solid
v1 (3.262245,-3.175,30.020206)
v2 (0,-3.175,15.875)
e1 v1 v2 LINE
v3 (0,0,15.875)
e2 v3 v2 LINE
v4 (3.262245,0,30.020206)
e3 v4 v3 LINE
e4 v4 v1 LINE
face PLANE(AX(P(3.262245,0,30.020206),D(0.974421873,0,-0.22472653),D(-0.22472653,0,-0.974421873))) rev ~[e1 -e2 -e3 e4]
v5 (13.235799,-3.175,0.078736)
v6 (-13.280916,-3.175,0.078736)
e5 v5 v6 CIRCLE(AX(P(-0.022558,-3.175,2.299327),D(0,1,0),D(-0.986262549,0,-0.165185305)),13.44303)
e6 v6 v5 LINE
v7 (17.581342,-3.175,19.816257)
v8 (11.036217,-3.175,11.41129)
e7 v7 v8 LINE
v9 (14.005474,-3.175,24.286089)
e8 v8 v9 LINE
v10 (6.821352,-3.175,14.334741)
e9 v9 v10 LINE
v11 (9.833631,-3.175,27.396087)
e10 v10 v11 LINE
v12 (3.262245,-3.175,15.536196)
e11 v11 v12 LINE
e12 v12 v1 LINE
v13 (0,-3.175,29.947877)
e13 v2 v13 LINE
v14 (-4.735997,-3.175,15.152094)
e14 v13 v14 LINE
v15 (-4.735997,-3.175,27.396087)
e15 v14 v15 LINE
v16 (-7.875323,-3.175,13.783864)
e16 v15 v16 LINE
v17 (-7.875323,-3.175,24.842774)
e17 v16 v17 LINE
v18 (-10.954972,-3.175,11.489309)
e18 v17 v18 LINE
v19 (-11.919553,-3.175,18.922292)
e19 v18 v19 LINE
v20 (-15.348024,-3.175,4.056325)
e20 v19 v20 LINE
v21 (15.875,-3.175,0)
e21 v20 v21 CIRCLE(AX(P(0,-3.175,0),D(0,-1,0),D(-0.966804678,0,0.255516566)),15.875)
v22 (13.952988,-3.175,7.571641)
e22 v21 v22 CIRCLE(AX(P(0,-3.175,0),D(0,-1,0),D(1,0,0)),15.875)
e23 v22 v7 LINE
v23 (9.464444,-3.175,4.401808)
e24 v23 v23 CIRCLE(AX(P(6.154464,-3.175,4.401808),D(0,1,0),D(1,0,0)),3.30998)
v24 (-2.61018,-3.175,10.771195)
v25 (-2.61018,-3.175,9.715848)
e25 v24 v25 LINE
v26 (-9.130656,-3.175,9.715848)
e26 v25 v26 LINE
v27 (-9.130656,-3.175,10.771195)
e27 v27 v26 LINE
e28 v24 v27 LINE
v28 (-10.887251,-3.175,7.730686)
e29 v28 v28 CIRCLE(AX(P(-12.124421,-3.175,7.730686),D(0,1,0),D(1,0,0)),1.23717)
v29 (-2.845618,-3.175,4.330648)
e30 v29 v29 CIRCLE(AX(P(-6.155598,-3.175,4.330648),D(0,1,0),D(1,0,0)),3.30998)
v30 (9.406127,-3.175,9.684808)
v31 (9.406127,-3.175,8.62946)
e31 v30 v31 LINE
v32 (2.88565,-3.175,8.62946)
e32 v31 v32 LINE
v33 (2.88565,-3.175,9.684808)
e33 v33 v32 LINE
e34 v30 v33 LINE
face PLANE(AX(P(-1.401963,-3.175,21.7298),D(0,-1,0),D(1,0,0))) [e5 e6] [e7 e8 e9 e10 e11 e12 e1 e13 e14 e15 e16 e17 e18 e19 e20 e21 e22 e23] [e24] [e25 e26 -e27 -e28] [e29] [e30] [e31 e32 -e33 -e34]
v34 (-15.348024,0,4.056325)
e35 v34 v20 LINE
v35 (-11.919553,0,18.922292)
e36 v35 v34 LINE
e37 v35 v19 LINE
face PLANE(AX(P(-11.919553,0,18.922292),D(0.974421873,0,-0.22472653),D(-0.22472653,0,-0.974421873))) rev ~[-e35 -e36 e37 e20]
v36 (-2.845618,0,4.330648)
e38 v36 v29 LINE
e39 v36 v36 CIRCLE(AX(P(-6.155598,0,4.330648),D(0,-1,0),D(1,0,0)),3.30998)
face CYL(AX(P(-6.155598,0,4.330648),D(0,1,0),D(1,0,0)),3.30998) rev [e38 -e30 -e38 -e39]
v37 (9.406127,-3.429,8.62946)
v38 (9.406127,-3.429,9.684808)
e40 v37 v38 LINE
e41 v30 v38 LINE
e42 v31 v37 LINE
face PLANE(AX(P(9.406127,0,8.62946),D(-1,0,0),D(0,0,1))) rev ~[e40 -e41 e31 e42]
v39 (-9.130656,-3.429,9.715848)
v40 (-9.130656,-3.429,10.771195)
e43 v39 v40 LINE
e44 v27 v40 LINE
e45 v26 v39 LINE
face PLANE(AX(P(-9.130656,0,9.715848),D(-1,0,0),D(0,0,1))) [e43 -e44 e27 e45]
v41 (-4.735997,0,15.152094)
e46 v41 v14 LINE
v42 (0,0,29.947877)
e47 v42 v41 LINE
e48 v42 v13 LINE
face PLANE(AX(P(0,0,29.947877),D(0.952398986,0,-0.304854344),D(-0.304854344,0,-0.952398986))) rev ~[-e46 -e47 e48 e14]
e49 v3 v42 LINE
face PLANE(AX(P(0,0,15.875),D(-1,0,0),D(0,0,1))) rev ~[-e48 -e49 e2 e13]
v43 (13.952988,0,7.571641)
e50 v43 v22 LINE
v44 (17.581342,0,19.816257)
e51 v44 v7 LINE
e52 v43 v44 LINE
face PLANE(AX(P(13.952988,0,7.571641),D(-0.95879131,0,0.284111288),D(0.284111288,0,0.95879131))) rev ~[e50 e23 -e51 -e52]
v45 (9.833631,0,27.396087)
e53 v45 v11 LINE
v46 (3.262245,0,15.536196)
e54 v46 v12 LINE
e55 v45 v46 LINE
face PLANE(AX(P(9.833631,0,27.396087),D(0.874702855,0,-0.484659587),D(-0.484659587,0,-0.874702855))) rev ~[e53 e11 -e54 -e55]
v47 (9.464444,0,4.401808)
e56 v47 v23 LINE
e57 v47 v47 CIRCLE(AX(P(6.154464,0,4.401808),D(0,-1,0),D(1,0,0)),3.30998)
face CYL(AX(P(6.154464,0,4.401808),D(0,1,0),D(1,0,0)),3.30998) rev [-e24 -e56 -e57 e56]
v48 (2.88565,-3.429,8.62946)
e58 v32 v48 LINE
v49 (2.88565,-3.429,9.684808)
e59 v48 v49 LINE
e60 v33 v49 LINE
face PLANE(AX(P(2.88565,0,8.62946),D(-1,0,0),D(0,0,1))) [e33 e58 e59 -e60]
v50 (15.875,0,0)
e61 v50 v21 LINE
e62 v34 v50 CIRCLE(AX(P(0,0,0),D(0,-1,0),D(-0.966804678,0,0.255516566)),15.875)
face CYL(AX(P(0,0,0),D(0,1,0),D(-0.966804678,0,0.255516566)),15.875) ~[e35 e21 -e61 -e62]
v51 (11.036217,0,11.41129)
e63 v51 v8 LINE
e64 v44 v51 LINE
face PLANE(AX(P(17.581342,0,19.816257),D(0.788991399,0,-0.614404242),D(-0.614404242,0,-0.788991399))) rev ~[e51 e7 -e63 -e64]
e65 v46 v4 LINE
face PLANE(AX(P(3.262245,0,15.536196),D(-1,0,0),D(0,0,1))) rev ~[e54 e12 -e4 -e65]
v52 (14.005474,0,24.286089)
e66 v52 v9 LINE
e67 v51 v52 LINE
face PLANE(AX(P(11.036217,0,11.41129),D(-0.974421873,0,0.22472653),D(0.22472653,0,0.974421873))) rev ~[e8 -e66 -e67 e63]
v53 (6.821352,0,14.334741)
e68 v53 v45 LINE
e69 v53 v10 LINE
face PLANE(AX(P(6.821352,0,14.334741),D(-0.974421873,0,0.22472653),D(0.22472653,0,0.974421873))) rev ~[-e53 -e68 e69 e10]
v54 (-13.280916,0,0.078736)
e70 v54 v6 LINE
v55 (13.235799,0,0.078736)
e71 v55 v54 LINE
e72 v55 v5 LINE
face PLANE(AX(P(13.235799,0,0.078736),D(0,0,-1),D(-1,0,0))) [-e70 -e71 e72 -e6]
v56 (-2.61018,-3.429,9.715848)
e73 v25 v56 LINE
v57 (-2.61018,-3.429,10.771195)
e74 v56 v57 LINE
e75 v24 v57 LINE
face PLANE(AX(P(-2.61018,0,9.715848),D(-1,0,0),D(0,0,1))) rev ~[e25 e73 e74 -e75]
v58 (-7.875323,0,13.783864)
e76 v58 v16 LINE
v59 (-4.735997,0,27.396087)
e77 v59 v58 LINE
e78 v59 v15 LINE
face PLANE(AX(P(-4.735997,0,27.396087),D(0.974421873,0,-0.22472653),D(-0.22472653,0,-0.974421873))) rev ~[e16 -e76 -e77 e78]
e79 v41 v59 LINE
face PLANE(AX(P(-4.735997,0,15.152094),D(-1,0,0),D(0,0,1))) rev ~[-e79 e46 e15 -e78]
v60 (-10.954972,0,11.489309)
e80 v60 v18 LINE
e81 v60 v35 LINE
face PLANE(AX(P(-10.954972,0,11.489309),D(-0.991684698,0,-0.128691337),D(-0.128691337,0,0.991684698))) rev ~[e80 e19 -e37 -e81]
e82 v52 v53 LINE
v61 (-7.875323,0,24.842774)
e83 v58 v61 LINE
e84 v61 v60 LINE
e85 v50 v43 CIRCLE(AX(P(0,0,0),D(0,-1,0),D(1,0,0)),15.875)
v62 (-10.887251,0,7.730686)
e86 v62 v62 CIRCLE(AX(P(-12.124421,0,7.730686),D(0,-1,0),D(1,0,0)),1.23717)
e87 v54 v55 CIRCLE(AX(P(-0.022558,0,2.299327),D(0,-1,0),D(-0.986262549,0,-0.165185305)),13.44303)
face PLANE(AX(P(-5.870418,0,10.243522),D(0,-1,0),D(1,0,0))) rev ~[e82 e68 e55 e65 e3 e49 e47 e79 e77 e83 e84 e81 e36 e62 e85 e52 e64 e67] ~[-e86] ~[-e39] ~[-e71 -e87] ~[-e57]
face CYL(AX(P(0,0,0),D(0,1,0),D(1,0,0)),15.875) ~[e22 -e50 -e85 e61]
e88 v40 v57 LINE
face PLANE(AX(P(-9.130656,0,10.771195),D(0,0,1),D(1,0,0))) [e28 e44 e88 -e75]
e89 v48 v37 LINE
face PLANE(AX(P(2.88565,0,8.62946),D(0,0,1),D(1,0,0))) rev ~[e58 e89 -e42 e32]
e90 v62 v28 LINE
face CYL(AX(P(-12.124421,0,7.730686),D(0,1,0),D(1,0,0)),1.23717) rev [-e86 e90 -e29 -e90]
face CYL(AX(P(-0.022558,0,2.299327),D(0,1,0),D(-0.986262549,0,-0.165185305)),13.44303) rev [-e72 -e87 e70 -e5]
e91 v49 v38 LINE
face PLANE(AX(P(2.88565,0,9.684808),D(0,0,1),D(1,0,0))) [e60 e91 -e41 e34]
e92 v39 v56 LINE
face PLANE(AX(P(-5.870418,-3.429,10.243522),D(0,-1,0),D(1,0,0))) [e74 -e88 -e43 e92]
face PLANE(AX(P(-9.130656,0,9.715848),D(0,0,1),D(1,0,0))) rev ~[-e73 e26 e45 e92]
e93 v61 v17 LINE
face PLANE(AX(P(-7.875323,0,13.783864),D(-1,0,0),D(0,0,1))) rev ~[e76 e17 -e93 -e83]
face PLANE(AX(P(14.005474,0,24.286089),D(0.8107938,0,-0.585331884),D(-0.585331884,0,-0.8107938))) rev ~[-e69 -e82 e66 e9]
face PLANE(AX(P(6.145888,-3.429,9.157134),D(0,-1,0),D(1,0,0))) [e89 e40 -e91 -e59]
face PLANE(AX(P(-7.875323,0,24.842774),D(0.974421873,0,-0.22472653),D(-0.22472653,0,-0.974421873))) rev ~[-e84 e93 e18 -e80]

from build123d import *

# Parameters (mm, degrees)
F2_DEPTH   = 3.175
F1_R       = 3.3099800026
F2_FACE_R  = 15.875
F3_DEPTH   = 3.176
F4_DEPTH   = 3.176
F5_DEPTH   = 3.176
F1_W       = 6.5204764251
F1_H       = 1.0553477332
F6_DEPTH   = 3.429
F7_DEPTH   = 3.175
F8_DEPTH   = 3.175
F10_DEPTH  = 3.175
F1_R_2     = 1.2371702014
F10_FACE_R = 3.3099800026
F10_FACE_W = 6.5204764251
F10_FACE_H = 1.0553477332
F11_DEPTH  = 3.43
F12_DEPTH  = 3.429


with BuildPart() as f2:
    # F0 (on Front) → F2 (new body)
    with BuildSketch(Plane.XZ):
        with BuildLine():
            ThreePointArc((-15.3480242567, 4.0563254821), (-2.0452065819, -15.7427048196), (15.875, 0))
            ThreePointArc((15.875, 0), (15.3869963752, 3.9058888297), (13.9529883401, 7.5716406003))
            ThreePointArc((13.9529883401, 7.5716406003), (12.6412349384, 9.6028539629), (11.0362168136, 11.4112901743))
            ThreePointArc((11.0362168136, 11.4112901743), (9.0476421038, 13.0443779983), (6.8213515593, 14.3347405943))
            ThreePointArc((6.8213515593, 14.3347405943), (5.0774604505, 15.0411110086), (3.2622452096, 15.5361958404))
            ThreePointArc((3.2622452096, 15.5361958404), (1.6398957334, 15.7900717853), (0, 15.875))
            ThreePointArc((0, 15.875), (-2.3954258199, 15.693232941), (-4.7359968989, 15.152094191))
            ThreePointArc((-4.7359968989, 15.152094191), (-6.342661706, 14.552878323), (-7.8753225223, 13.7838644861))
            ThreePointArc((-7.8753225223, 13.7838644861), (-9.4847902105, 12.730058117), (-10.9549720741, 11.4893085891))
            ThreePointArc((-10.9549720741, 11.4893085891), (-13.6665362642, 8.0772155808), (-15.3480242567, 4.0563254821))
        make_face()
    extrude(amount=F2_DEPTH)

    # F1 (on face) + F2_face (on face) → F3 (cut, through all)
    with BuildSketch(Plane.XZ):
        with Locations((-6.1555983319, 4.3306481437)):
            Circle(F1_R)
    with BuildSketch(Plane.XZ.offset(3.175)):
        Circle(F2_FACE_R)
    extrude(amount=F3_DEPTH, mode=Mode.SUBTRACT)

    # F1 (on face) → F4 (cut, through all)
    with BuildSketch(Plane.XZ):
        with Locations((6.1544640741, 4.4018082744)):
            Circle(F1_R)
    extrude(amount=F4_DEPTH, mode=Mode.SUBTRACT)

    # F1 (on face) → F5 (cut, through all)
    with BuildSketch(Plane.XZ):
        with BuildLine():
            Line((13.2357986914, 0.0787362223), (-13.2809156822, 0.0787362223))
            ThreePointArc((-13.2809156822, 0.0787362223), (-0.0225584954, -11.1437029045), (13.2357986914, 0.0787362223))
        make_face()
    extrude(amount=F5_DEPTH, mode=Mode.SUBTRACT)

    # F1 (on face) → F6 (join)
    with BuildSketch(Plane.XZ):
        with Locations((6.1458884738, 9.15713422)):
            Rectangle(F1_W, F1_H)
    extrude(amount=F6_DEPTH)

    # F0 (on Front) → F7 (join)
    with BuildSketch(Plane.XZ):
        with BuildLine():
            Line((-11.9195533916, 18.9222916961), (-15.3480242567, 4.0563254821))
            ThreePointArc((-15.3480242567, 4.0563254821), (-13.6665362642, 8.0772155808), (-10.9549720741, 11.4893085891))
            Line((-10.9549720741, 11.4893085891), (-11.9195533916, 18.9222916961))
        make_face()
    extrude(amount=F7_DEPTH)

    # F0 (on Front) → F8 (join)
    with BuildSketch(Plane.XZ):
        with BuildLine():
            Line((-7.8753225223, 24.8427737317), (-10.9549720741, 11.4893085891))
            ThreePointArc((-10.9549720741, 11.4893085891), (-9.4847902105, 12.730058117), (-7.8753225223, 13.7838644861))
            Line((-7.8753225223, 13.7838644861), (-7.8753225223, 24.8427737317))
        make_face()
    extrude(amount=F8_DEPTH)

    # F0 (on Front) → F10 (join)
    with BuildSketch(Plane.XZ):
        with BuildLine():
            Line((0, 29.9478769302), (-4.7359968989, 15.152094191))
            ThreePointArc((-4.7359968989, 15.152094191), (-2.3954258199, 15.693232941), (0, 15.875))
            Line((0, 15.875), (0, 29.9478769302))
        make_face()
        with BuildLine():
            ThreePointArc((0, 15.875), (1.6398957334, 15.7900717853), (3.2622452096, 15.5361958404))
            Line((3.2622452096, 15.5361958404), (3.2622452096, 30.0202061216))
            Line((3.2622452096, 30.0202061216), (0, 15.875))
        make_face()
        with BuildLine():
            ThreePointArc((3.2622452096, 15.5361958404), (5.0774604505, 15.0411110086), (6.8213515593, 14.3347405943))
            Line((6.8213515593, 14.3347405943), (9.8336311057, 27.3960871034))
            Line((9.8336311057, 27.3960871034), (3.2622452096, 15.5361958404))
        make_face()
        with BuildLine():
            ThreePointArc((6.8213515593, 14.3347405943), (9.0476421038, 13.0443779983), (11.0362168136, 11.4112901743))
            Line((11.0362168136, 11.4112901743), (14.0054738149, 24.286089465))
            Line((14.0054738149, 24.286089465), (6.8213515593, 14.3347405943))
        make_face()
        with BuildLine():
            ThreePointArc((11.0362168136, 11.4112901743), (12.6412349384, 9.6028539629), (13.9529883401, 7.5716406003))
            Line((13.9529883401, 7.5716406003), (17.5813417882, 19.8162570596))
            Line((17.5813417882, 19.8162570596), (11.0362168136, 11.4112901743))
        make_face()
        with BuildLine():
            Line((-4.7359968989, 27.3960871034), (-7.8753225223, 13.7838644861))
            ThreePointArc((-7.8753225223, 13.7838644861), (-6.342661706, 14.552878323), (-4.7359968989, 15.152094191))
            Line((-4.7359968989, 15.152094191), (-4.7359968989, 27.3960871034))
        make_face()
    extrude(amount=F10_DEPTH)

    # F1 (on face) + F10_face (on face) → F11 (cut, through all)
    with BuildSketch(Plane.XZ):
        with Locations((-12.1244213607, 7.7306859973)):
            Circle(F1_R_2)
    with BuildSketch(Plane(origin=(0.4916351087, -3.175, 5.8381828157), x_dir=(1, 0, 0), z_dir=(0, -1, 0))):
        with BuildLine():
            ThreePointArc((-15.8396593653, -1.7818573336), (-2.5368416906, -21.5808876353), (15.3833648913, -5.8381828157))
            ThreePointArc((15.3833648913, -5.8381828157), (14.8953612665, -1.932293986), (13.4613532315, 1.7334577846))
            Line((13.4613532315, 1.7334577846), (17.0897066795, 13.9780742439))
            Line((17.0897066795, 13.9780742439), (10.544581705, 5.5731073586))
            Line((10.544581705, 5.5731073586), (13.5138387063, 18.4479066493))
            Line((13.5138387063, 18.4479066493), (6.3297164506, 8.4965577786))
            Line((6.3297164506, 8.4965577786), (9.3419959971, 21.5579042877))
            Line((9.3419959971, 21.5579042877), (2.770610101, 9.6980130247))
            Line((2.770610101, 9.6980130247), (2.770610101, 24.1820233059))
            Line((2.770610101, 24.1820233059), (-0.4916351087, 10.0368171843))
            Line((-0.4916351087, 10.0368171843), (-0.4916351087, 24.1096941145))
            Line((-0.4916351087, 24.1096941145), (-5.2276320076, 9.3139113753))
            Line((-5.2276320076, 9.3139113753), (-5.2276320076, 21.5579042877))
            Line((-5.2276320076, 21.5579042877), (-8.3669576309, 7.9456816704))
            Line((-8.3669576309, 7.9456816704), (-8.3669576309, 19.004590916))
            Line((-8.3669576309, 19.004590916), (-11.4466071828, 5.6511257734))
            Line((-11.4466071828, 5.6511257734), (-12.4111885003, 13.0841088804))
            Line((-12.4111885003, 13.0841088804), (-15.8396593653, -1.7818573336))
        make_face()
        with BuildLine():
            ThreePointArc((12.7441635827, -5.7594465934), (-0.5141936041, -16.9818857202), (-13.7725507908, -5.7594465934))
            Line((-13.7725507908, -5.7594465934), (12.7441635827, -5.7594465934))
        make_face(mode=Mode.SUBTRACT)
        with Locations((-6.6472334405, -1.507534672)):
            Circle(F10_FACE_R, mode=Mode.SUBTRACT)
        with Locations((5.6628289654, -1.4363745413)):
            Circle(F10_FACE_R, mode=Mode.SUBTRACT)
        with Locations((5.6542533652, 3.3189514043)):
            Rectangle(F10_FACE_W, F10_FACE_H, mode=Mode.SUBTRACT)
    extrude(amount=F11_DEPTH, mode=Mode.SUBTRACT)

    # F1 (on face) → F12 (join)
    with BuildSketch(Plane.XZ):
        with Locations((-5.870418041, 10.2435215376)):
            Rectangle(F1_W, F1_H)
    extrude(amount=F12_DEPTH)


solid = f2.part
